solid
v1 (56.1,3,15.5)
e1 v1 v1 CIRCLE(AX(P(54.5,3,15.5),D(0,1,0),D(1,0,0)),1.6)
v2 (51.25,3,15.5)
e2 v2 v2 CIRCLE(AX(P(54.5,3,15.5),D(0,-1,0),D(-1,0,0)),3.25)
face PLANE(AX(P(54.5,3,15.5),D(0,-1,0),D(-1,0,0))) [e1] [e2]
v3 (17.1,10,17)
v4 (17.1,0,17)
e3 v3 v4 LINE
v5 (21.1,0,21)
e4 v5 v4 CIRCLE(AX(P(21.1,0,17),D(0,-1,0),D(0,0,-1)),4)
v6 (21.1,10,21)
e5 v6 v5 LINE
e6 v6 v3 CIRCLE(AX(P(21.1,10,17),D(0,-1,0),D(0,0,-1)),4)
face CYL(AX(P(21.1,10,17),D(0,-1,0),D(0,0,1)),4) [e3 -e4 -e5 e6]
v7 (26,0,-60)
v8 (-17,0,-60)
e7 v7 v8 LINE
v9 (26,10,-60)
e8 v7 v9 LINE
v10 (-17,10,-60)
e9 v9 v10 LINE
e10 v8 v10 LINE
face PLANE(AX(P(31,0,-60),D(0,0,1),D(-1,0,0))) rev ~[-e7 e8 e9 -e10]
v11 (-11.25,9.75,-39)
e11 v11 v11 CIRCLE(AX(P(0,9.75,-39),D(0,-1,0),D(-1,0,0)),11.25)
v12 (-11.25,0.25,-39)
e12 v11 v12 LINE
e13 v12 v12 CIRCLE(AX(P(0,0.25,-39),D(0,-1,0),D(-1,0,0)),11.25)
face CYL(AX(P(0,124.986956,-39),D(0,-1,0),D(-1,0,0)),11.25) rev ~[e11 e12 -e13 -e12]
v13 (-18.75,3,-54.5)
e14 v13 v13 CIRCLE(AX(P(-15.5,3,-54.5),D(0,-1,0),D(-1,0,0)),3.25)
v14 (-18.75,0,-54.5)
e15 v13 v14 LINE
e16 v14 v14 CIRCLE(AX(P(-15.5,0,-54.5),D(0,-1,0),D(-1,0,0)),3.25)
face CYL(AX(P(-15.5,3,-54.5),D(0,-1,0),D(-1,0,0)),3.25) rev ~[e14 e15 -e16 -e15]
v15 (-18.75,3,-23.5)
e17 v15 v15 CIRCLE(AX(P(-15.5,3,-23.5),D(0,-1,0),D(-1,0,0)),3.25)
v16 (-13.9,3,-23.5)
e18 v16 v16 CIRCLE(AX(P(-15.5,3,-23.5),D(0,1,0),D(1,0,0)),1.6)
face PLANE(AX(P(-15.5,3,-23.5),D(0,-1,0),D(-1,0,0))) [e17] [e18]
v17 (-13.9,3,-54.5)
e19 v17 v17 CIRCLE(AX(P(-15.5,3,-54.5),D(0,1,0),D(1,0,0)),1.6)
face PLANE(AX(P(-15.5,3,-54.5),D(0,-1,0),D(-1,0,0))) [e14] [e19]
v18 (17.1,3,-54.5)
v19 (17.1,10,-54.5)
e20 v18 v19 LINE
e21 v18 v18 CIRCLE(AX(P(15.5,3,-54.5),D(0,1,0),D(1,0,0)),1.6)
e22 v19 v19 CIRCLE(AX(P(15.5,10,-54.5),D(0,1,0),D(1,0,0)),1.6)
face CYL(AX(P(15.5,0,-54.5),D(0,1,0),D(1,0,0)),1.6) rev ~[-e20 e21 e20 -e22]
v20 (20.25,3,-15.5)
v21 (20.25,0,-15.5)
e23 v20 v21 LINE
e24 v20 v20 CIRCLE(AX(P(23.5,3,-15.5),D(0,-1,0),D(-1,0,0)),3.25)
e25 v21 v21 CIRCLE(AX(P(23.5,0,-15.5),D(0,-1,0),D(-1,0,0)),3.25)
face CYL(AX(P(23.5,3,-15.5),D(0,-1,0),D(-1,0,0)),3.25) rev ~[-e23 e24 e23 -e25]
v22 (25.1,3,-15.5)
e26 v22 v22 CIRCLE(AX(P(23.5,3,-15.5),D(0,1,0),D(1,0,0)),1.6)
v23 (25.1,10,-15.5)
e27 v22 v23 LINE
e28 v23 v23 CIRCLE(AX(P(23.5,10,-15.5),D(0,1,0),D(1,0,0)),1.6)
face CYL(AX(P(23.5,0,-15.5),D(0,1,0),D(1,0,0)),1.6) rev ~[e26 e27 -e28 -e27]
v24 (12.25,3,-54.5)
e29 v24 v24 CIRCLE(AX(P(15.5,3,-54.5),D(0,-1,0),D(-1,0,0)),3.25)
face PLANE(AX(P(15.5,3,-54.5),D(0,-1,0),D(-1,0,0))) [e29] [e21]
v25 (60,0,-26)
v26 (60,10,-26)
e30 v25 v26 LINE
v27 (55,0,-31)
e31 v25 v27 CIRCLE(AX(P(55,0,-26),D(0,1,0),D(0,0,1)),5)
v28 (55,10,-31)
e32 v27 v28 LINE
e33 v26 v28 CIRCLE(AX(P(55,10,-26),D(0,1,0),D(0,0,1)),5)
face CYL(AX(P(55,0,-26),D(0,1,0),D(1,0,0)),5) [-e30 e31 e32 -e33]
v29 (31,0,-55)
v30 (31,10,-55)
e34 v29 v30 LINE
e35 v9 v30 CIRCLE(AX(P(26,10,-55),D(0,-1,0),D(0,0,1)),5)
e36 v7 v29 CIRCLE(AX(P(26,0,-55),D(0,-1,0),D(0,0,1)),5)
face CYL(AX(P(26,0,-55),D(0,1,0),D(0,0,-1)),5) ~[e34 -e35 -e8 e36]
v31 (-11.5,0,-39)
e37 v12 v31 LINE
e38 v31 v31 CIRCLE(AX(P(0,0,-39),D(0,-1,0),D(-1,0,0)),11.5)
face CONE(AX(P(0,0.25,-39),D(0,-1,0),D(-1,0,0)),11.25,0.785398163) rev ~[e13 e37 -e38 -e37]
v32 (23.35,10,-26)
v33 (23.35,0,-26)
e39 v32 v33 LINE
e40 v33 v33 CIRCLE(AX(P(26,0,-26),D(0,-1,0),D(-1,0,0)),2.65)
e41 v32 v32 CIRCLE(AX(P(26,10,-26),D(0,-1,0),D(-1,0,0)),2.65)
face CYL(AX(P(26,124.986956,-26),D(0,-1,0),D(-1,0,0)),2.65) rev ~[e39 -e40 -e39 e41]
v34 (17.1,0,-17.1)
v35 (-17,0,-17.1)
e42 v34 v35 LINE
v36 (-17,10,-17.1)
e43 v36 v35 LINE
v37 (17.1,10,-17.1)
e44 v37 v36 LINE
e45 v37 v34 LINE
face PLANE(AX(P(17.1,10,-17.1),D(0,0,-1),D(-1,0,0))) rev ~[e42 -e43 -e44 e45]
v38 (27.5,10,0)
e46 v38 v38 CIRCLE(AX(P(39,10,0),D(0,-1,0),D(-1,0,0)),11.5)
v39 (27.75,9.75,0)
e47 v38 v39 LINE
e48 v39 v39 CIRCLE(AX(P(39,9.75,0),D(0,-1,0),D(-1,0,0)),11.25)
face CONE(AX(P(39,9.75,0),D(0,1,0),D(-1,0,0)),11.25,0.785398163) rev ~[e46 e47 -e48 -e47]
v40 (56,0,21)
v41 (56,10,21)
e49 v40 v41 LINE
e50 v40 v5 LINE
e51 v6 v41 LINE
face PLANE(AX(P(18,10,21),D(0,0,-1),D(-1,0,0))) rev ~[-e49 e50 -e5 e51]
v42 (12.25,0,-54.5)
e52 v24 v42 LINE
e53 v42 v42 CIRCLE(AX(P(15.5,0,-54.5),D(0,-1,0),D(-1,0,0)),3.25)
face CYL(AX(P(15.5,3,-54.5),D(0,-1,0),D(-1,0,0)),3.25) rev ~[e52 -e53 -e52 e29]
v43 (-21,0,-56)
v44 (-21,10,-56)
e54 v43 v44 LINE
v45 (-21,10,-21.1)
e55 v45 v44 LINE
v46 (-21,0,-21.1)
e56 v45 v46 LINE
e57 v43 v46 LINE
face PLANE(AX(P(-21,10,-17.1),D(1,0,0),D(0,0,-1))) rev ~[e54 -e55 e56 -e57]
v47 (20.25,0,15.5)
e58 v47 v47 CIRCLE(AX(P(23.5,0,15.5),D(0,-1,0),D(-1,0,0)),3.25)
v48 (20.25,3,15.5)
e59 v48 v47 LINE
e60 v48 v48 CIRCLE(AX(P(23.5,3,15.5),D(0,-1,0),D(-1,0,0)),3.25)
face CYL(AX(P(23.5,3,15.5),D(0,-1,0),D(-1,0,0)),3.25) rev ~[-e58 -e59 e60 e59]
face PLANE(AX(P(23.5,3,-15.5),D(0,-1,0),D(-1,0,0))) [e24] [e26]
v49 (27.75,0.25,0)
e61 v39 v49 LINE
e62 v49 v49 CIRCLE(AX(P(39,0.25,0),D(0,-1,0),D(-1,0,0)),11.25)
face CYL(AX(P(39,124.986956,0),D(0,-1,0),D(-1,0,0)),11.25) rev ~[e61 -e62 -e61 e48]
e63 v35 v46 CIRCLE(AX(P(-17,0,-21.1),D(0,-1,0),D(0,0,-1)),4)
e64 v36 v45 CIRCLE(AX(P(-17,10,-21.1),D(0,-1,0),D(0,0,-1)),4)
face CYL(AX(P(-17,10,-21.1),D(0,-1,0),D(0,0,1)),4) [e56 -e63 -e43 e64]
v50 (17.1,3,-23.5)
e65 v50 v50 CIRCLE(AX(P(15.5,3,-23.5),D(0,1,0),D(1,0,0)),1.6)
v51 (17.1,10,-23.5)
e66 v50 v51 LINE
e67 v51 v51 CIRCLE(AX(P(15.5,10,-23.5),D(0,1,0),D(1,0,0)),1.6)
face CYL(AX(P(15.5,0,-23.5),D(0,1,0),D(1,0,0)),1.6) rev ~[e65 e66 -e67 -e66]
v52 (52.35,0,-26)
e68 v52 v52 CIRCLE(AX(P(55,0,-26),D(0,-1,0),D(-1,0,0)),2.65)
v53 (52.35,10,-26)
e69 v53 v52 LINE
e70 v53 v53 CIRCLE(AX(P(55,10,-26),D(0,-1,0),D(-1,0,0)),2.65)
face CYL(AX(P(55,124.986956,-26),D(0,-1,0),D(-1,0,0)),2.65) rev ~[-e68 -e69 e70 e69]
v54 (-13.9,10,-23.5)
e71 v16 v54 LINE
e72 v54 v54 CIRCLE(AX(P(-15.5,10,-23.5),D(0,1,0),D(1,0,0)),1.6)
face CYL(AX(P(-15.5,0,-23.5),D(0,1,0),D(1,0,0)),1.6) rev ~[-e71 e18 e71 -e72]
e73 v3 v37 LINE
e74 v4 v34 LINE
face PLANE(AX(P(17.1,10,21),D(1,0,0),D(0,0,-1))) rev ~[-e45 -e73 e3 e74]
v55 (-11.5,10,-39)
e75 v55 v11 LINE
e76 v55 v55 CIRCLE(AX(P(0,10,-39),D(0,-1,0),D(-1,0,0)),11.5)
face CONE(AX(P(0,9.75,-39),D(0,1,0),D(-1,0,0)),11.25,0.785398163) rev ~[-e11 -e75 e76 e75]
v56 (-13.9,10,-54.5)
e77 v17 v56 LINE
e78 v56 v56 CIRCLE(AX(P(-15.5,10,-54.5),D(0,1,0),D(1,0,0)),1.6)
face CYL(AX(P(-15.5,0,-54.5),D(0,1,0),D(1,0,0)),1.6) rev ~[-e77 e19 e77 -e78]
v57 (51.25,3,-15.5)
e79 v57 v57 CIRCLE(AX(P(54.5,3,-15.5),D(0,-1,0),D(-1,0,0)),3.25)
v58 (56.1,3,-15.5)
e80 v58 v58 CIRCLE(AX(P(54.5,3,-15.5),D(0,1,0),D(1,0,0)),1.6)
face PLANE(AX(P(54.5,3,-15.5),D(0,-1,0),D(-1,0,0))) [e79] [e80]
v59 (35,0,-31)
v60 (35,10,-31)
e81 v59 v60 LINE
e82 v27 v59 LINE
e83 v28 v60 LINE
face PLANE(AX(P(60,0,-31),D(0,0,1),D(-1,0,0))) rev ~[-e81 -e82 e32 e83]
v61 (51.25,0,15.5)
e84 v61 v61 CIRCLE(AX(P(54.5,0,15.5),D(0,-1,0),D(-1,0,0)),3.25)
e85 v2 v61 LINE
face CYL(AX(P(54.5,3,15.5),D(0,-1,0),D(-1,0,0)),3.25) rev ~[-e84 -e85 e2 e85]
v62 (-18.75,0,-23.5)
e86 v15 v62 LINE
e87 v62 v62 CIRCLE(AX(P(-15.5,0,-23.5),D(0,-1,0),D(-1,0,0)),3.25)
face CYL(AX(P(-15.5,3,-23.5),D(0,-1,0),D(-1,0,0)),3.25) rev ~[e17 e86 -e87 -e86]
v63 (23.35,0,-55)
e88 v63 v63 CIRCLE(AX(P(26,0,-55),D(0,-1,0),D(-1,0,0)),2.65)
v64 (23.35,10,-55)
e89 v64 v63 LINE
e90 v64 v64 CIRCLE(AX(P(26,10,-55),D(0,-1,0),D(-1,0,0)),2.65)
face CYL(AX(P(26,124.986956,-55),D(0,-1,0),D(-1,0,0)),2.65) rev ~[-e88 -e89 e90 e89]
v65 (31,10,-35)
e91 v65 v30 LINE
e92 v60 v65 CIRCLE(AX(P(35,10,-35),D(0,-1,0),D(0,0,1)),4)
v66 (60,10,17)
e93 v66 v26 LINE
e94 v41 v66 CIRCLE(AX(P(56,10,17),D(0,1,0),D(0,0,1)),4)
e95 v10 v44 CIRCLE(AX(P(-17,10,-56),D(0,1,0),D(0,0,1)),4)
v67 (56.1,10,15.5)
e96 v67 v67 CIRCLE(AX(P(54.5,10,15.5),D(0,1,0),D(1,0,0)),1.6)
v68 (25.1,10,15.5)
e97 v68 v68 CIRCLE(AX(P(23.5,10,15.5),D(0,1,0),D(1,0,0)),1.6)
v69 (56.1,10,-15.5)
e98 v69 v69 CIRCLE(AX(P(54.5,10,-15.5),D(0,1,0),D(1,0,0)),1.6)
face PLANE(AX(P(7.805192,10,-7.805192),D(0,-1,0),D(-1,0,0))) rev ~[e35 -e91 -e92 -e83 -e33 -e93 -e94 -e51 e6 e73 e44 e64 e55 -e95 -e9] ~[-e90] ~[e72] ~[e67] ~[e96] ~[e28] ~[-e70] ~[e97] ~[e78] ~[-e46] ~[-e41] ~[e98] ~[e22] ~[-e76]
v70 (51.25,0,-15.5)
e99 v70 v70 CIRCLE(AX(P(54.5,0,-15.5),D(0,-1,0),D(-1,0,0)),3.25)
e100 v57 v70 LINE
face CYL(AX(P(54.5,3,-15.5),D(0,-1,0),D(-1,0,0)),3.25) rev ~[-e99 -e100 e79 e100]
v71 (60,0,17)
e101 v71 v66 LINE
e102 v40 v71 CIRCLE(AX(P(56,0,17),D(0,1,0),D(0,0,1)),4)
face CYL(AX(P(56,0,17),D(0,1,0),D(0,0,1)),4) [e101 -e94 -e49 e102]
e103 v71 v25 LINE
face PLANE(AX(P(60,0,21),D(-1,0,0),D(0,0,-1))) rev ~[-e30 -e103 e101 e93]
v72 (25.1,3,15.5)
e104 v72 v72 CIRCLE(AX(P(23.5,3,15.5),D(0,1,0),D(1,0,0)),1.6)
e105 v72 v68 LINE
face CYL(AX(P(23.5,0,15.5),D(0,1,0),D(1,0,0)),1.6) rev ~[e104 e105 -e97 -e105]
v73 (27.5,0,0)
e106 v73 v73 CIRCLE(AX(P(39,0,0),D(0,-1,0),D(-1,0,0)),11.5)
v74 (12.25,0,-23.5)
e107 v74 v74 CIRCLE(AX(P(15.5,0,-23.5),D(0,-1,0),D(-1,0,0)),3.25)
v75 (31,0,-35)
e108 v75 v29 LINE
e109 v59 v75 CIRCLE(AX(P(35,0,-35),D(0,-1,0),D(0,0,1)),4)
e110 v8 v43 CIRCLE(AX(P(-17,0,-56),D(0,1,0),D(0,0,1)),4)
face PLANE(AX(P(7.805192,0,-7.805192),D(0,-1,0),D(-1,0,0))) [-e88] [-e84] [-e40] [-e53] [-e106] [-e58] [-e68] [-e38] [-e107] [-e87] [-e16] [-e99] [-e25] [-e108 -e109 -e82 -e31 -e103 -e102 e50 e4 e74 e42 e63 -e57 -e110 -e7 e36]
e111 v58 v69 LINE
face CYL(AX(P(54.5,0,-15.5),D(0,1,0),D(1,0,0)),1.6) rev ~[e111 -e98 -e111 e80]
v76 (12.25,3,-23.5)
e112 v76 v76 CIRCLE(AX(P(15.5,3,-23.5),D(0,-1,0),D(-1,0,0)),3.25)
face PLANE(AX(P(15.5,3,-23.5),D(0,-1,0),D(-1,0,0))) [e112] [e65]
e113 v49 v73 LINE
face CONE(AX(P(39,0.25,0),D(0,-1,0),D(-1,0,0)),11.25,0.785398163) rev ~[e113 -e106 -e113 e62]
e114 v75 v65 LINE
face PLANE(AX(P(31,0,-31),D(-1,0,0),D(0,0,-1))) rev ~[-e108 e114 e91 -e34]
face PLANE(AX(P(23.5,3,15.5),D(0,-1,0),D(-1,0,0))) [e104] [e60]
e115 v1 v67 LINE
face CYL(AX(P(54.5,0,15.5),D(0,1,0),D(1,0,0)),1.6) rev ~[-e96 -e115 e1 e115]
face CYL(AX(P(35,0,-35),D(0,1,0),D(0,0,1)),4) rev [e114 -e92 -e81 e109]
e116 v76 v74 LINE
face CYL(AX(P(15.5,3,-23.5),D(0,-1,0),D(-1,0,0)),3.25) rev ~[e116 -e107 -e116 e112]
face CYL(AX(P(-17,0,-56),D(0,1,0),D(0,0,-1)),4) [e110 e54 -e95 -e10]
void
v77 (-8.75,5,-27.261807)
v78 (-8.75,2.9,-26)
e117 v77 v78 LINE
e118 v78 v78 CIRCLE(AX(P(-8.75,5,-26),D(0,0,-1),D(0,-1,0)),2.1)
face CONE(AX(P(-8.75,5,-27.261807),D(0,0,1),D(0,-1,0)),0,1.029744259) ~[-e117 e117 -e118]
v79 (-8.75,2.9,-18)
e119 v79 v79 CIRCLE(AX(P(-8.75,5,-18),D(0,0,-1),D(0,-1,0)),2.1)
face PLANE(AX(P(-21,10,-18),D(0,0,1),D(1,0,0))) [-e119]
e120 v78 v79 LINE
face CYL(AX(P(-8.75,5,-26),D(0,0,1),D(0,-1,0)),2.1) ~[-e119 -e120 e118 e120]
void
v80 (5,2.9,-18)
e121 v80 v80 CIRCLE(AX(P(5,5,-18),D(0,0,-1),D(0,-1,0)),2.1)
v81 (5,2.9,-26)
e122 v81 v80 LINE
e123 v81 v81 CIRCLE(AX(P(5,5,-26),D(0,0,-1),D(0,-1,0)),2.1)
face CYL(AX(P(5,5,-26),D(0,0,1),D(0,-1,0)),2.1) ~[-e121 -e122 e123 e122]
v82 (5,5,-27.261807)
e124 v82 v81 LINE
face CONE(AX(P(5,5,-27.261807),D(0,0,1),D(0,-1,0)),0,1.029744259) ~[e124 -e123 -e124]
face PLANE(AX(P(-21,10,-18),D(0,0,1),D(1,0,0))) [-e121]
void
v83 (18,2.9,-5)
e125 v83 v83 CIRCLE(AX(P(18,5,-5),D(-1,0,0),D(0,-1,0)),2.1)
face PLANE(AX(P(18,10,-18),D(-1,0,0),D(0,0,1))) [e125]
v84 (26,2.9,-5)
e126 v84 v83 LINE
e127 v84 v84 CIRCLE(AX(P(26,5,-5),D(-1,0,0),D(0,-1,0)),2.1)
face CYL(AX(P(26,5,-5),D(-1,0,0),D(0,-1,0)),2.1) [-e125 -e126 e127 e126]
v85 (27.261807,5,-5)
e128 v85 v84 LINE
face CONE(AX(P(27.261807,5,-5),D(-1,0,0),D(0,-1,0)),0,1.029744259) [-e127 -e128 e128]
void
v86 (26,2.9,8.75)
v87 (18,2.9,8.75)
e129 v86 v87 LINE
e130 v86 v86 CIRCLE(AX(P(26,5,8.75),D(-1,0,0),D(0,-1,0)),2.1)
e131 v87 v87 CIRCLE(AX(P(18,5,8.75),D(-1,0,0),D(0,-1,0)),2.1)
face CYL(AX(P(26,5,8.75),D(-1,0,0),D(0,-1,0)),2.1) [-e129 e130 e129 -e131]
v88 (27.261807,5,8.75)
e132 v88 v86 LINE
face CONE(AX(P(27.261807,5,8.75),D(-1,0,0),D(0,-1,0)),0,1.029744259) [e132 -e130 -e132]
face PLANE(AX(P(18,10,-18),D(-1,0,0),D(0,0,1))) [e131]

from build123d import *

# Parameters (mm, degrees)
BOSS_EXTRUDE1_DEPTH                  = 10
F_22_5_22_5_DIAMETER_HOLE1_D         = 22.5
CBORE_FOR_M3_SHCS1_D                 = 3.2
CBORE_FOR_M3_SHCS1_CBORE_D           = 6.5
CBORE_FOR_M3_SHCS1_CBORE_DEPTH       = 3
M5_CLEARANCE_HOLE1_D                 = 5.3
TAP_DRILL_FOR_M5X0_8_TAP1_AT_2_COUNT = 2
TAP_DRILL_FOR_M5X0_8_TAP1_AT_2_PITCH = 13.75
BOSS_EXTRUDE2_DEPTH                  = 10
FILLET2_R                            = 4
FILLET3_R                            = 5
CHAMFER1_SIZE                        = 0.25


with BuildPart() as part:
    # Sketch1 → Boss-Extrude1 (new body)
    with BuildSketch(Plane(origin=(0, 0, 0), x_dir=(1, 0, 0), z_dir=(0, 1, 0))):
        Polygon((60, -21), (60, 31), (31, 31), (31, 60), (-21, 60), (-21, 18), (18, 18), (18, -21), align=None)
    extrude(amount=BOSS_EXTRUDE1_DEPTH)

    # Ø22.5 (22.5) Diameter Hole1 (through all)
    with Locations(Plane(origin=(0, 10, 0), x_dir=(1, 0, 0), z_dir=(0, 1, 0))):
        with Locations((0, 39), (39, 0)):
            Hole(F_22_5_22_5_DIAMETER_HOLE1_D / 2)

    # CBORE for M3 SHCS1 (through all)
    with Locations(Plane(origin=(0, 0, 0), x_dir=(-1, 0, 0), z_dir=(0, -1, 0))):
        with Locations((-54.5, 15.5), (-23.5, 15.5), (-23.5, -15.5), (-54.5, -15.5), (-15.5, 54.5), (-15.5, 23.5), (15.5, 23.5), (15.5, 54.5)):
            CounterBoreHole(CBORE_FOR_M3_SHCS1_D / 2, CBORE_FOR_M3_SHCS1_CBORE_D / 2, CBORE_FOR_M3_SHCS1_CBORE_DEPTH)

    # M5 Clearance Hole1 (through all)
    with Locations(Plane(origin=(0, 10, 0), x_dir=(1, 0, 0), z_dir=(0, 1, 0))):
        with Locations((26, 55), (26, 26), (55, 26)):
            Hole(M5_CLEARANCE_HOLE1_D / 2)

    # Sketch15 → Tap Drill for M5x0.8 Tap1 (revolve, cut)
    with BuildSketch(Plane(origin=(5, 5, -18), x_dir=(0, -1, 0), z_dir=(1, 0, 0))):
        Polygon((0, 0), (0, 9.2618073), (2.1, 8), (2.1, 0), align=None)
    tap_drill_for_m5x0_8_tap1 = revolve(axis=Axis((5, 5, -11.65), (0, 0, -1)), mode=Mode.SUBTRACT)

    # Tap Drill for M5x0.8 Tap1 at 2: Tap Drill for M5x0.8 Tap1 ×2
    with Locations(*[(-i * TAP_DRILL_FOR_M5X0_8_TAP1_AT_2_PITCH, 0, 0) for i in range(1, TAP_DRILL_FOR_M5X0_8_TAP1_AT_2_COUNT)]):
        add(tap_drill_for_m5x0_8_tap1, mode=Mode.SUBTRACT)

    # Mirror1: Tap Drill for M5x0.8 Tap1 across plane
    add(tap_drill_for_m5x0_8_tap1.mirror(Plane(origin=(0, 0, 0), x_dir=(-0.7071067811865477, 0, 0.7071067811865474), z_dir=(0.7071067811865476, 0, 0.7071067811865476))), mode=Mode.SUBTRACT)

    # Mirror1 copy 1 sketch → Mirror1 copy 1 (revolve, cut)
    with BuildSketch(Plane(origin=(18, 5, 8.75), x_dir=(0, -1, 0), z_dir=(0, 0, -1))):
        Polygon((0, 0), (0, -9.2618073), (2.1, -8), (2.1, 0), align=None)
    revolve(axis=Axis((11.65, 5, 8.75), (-1, 0, 0)), mode=Mode.SUBTRACT)

    # Sketch16 → Boss-Extrude2 (add)
    with BuildSketch(Plane(origin=(0, 10, 0), x_dir=(1, 0, 0), z_dir=(0, 1, 0))):
        Polygon((17.1, 17.1), (-21, 17.1), (-21, 18), (18, 18), (18, -21), (17.1, -21), align=None)
    extrude(amount=-BOSS_EXTRUDE2_DEPTH)

    # Fillet2
    fillet2_edges = [part.edges().sort_by_distance(p)[0] for p in [
        (17.1, 5, 21),
        (-21, 5, -17.1),
        (-21, 5, -60),
        (31, 5, -31),
        (60, 5, 21),
    ]]
    fillet(fillet2_edges, radius=FILLET2_R)

    # Fillet3
    fillet3_edges = [part.edges().sort_by_distance(p)[0] for p in [
        (31, 5, -60),
        (60, 5, -31),
    ]]
    fillet(fillet3_edges, radius=FILLET3_R)

    # Chamfer1
    chamfer1_edges = [part.edges().sort_by_distance(p)[0] for p in [
        (50.25, 10, 0),
        (50.25, 0, 0),
        (11.25, 10, -39),
        (11.25, 0, -39),
    ]]
    chamfer(chamfer1_edges, length=CHAMFER1_SIZE)


solid = part.part
